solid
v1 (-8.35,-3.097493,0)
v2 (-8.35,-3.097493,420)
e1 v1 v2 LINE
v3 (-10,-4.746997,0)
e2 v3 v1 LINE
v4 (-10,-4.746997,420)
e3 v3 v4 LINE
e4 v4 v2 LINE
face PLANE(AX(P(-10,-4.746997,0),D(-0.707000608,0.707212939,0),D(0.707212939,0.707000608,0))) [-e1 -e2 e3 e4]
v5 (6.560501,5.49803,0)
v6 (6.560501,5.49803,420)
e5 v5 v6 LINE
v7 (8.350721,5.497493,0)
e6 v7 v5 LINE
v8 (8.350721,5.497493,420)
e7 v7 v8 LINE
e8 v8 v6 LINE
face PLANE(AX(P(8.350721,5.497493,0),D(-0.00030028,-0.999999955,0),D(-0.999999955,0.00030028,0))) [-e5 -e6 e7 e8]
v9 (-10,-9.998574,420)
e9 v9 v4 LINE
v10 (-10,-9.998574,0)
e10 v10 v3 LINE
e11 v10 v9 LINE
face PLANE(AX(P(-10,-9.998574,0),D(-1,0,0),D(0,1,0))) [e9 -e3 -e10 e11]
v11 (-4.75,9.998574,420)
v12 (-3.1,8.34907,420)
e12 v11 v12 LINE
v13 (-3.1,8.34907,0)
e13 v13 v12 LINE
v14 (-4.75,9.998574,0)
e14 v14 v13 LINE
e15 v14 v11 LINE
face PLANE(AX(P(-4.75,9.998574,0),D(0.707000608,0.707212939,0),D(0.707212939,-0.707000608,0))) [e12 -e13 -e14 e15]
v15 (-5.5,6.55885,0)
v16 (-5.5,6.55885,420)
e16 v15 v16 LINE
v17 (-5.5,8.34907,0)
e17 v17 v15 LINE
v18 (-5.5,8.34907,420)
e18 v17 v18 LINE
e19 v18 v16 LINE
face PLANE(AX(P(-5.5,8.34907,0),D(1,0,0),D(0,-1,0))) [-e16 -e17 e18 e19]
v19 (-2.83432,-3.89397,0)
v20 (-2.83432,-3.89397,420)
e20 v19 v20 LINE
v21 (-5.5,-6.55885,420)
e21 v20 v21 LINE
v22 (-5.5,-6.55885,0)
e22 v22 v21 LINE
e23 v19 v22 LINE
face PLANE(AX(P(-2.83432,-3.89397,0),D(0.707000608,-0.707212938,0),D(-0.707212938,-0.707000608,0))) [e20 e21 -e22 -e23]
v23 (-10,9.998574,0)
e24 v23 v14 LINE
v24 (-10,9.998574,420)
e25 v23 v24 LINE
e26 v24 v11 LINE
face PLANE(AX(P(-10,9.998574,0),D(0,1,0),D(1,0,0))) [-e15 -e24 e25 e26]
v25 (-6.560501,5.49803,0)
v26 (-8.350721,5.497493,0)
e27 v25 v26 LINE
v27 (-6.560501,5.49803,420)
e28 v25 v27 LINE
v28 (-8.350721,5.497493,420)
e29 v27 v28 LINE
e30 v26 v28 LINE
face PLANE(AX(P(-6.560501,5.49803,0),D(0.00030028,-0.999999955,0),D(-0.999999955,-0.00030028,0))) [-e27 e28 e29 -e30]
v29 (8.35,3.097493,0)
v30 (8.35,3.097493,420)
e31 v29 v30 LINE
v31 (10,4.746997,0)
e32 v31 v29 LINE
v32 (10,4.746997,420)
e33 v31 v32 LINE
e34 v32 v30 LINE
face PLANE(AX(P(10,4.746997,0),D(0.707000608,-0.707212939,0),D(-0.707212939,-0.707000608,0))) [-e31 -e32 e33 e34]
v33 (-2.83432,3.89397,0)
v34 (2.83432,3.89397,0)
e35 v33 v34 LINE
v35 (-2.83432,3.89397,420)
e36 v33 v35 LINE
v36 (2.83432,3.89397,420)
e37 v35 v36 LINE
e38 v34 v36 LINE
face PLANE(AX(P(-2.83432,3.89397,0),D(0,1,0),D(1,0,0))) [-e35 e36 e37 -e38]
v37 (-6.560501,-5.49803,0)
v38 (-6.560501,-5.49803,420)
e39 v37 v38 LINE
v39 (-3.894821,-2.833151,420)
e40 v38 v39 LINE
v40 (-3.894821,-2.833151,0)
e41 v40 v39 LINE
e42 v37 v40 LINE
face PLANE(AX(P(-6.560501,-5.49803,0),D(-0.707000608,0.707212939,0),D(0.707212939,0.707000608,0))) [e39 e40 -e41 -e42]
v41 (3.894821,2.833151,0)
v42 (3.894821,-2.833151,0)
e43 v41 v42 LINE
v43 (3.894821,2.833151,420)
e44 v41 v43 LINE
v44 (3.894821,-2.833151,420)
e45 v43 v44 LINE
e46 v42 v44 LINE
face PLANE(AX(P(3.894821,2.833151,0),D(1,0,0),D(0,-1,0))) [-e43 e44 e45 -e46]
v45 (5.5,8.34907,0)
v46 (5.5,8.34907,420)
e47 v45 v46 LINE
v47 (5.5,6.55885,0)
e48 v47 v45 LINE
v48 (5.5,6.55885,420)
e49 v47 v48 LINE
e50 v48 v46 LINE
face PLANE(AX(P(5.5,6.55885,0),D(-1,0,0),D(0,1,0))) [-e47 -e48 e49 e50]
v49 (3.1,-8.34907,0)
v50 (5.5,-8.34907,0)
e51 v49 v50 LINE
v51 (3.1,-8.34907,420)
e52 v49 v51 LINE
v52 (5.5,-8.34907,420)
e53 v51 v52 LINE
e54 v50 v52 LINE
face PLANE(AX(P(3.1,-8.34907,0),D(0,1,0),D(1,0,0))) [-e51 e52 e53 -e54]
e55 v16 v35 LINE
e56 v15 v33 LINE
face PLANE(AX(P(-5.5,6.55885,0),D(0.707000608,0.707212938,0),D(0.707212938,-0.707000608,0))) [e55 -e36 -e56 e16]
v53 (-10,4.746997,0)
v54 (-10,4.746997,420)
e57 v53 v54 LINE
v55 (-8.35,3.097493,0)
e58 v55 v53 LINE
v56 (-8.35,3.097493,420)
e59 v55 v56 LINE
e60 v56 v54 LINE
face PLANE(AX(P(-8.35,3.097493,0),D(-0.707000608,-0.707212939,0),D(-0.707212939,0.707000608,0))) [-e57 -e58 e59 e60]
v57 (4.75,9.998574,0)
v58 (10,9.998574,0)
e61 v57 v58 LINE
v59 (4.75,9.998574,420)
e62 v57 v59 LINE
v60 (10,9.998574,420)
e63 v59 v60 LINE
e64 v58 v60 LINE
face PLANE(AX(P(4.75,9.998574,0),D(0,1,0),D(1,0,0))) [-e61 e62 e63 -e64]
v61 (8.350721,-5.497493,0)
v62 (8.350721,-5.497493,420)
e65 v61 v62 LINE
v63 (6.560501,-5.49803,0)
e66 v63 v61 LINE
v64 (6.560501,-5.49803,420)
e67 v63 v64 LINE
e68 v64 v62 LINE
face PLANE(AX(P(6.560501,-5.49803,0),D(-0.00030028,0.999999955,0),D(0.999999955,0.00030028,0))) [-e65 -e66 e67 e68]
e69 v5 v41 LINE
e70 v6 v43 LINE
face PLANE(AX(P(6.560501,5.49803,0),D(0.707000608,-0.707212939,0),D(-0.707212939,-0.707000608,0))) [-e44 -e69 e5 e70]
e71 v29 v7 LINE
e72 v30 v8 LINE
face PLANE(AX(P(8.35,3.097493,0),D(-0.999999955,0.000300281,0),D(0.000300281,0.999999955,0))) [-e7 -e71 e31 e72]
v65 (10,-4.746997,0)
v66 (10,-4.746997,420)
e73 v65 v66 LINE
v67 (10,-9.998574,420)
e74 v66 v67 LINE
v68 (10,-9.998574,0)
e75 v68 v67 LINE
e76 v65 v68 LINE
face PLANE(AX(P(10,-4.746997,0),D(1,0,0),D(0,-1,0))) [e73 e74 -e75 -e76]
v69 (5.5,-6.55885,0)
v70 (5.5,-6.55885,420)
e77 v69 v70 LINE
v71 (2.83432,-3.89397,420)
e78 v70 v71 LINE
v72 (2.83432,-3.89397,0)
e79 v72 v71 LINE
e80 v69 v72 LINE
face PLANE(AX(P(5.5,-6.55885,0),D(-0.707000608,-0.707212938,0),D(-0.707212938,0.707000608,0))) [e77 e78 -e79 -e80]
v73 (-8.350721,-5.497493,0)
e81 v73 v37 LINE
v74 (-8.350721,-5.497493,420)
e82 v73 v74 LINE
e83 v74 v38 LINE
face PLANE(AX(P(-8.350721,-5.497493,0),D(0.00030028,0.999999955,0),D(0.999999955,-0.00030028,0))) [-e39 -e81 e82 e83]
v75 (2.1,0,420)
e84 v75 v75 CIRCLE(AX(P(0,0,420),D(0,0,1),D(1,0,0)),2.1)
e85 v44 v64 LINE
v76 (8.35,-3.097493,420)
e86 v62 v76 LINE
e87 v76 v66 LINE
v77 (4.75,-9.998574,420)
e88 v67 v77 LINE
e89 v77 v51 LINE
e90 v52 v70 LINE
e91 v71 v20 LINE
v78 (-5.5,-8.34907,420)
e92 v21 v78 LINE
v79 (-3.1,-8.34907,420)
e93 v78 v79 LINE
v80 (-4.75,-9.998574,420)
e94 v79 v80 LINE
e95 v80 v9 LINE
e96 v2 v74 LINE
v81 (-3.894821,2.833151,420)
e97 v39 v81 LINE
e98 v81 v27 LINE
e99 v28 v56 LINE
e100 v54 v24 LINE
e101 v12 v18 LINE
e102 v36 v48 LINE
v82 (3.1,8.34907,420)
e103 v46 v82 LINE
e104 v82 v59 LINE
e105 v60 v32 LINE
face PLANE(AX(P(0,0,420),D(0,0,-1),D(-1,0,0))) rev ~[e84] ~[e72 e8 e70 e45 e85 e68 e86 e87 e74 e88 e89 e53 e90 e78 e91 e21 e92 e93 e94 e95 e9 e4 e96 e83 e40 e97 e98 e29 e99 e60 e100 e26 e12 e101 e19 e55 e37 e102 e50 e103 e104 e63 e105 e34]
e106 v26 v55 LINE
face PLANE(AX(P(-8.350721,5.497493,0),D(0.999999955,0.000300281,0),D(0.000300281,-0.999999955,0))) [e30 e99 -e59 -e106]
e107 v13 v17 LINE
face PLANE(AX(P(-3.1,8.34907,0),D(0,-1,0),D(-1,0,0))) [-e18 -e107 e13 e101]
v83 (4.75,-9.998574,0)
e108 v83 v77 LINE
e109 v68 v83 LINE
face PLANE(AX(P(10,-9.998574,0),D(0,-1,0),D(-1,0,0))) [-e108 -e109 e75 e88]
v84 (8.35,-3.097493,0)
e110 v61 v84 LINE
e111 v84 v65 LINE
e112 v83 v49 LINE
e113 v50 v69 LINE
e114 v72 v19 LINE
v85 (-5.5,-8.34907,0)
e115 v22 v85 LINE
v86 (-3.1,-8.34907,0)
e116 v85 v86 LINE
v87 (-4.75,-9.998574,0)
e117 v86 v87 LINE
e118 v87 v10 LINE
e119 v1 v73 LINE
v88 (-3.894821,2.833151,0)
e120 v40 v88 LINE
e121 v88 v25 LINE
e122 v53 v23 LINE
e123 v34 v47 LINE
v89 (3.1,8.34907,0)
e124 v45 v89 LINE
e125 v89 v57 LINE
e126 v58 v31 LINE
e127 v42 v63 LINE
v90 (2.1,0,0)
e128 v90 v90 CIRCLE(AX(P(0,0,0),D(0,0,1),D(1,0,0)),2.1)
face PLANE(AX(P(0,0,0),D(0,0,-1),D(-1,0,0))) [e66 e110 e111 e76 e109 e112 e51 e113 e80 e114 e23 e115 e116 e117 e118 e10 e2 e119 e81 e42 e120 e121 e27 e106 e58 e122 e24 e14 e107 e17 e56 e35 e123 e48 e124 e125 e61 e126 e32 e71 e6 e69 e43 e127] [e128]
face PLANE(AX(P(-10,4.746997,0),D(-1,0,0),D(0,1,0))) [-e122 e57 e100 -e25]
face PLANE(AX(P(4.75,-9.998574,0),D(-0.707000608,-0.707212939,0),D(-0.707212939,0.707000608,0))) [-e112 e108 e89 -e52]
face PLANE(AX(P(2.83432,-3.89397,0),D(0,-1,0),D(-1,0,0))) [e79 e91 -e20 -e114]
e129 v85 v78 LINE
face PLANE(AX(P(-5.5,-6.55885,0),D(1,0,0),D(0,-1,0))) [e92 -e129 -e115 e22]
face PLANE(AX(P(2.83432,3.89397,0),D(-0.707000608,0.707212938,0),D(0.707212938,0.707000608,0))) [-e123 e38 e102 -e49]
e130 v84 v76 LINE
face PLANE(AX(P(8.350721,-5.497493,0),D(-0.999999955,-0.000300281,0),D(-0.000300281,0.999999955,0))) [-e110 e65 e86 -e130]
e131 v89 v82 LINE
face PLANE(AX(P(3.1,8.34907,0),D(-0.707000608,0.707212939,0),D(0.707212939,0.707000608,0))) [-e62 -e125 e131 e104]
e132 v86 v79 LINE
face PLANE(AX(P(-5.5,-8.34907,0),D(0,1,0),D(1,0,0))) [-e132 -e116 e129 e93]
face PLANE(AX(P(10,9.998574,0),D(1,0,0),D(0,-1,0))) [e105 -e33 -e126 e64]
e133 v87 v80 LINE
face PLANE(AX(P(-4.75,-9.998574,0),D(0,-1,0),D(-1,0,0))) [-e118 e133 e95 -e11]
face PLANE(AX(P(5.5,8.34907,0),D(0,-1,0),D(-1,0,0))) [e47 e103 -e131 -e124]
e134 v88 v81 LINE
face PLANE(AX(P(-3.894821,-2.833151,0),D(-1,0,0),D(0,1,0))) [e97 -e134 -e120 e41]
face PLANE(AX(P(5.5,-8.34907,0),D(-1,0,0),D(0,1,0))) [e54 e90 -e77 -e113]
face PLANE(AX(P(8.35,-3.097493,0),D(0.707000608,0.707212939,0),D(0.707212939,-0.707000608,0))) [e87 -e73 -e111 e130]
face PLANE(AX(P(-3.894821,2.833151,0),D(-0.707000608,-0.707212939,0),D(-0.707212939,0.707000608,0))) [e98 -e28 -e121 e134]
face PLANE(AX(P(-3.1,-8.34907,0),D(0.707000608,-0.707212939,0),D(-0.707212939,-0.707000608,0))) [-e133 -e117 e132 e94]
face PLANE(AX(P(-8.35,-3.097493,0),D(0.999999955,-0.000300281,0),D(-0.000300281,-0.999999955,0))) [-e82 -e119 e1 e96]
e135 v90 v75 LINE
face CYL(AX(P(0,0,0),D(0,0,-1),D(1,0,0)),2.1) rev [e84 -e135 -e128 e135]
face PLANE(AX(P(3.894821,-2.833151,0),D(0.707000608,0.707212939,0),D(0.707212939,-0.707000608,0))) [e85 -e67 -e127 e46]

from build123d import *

# Parameters (mm, degrees)
SKETCH1_R           = 2.1
BOSS_EXTRUDE1_DEPTH = 420


with BuildPart() as part:
    # Sketch1 → Boss-Extrude1 (new body)
    with BuildSketch(Plane.XY):
        Polygon((2.834320347, 3.893970342), (5.5, 6.558849663), (5.5, 8.349069506), (3.1, 8.349069506), (4.75, 9.998574117), (10, 9.998574117), (10, 4.746997406), (8.35, 3.097492795), (8.350720674, 5.497492687), (6.560500912, 5.498030255), (3.894821259, 2.833150935), (3.894821259, -2.833150935), (6.560500912, -5.498030255), (8.350720674, -5.497492687), (8.35, -3.097492795), (10, -4.746997406), (10, -9.998574117), (4.75, -9.998574117), (3.1, -8.349069506), (5.5, -8.349069506), (5.5, -6.558849663), (2.834320347, -3.893970342), (-2.834320347, -3.893970342), (-5.5, -6.558849663), (-5.5, -8.349069506), (-3.1, -8.349069506), (-4.75, -9.998574117), (-10, -9.998574117), (-10, -4.746997406), (-8.35, -3.097492795), (-8.350720674, -5.497492687), (-6.560500912, -5.498030255), (-3.894821259, -2.833150935), (-3.894821259, 2.833150935), (-6.560500912, 5.498030255), (-8.350720674, 5.497492687), (-8.35, 3.097492795), (-10, 4.746997406), (-10, 9.998574117), (-4.75, 9.998574117), (-3.1, 8.349069506), (-5.5, 8.349069506), (-5.5, 6.558849663), (-2.834320347, 3.893970342), align=None)
        Circle(SKETCH1_R, mode=Mode.SUBTRACT)
    extrude(amount=BOSS_EXTRUDE1_DEPTH)


solid = part.part
